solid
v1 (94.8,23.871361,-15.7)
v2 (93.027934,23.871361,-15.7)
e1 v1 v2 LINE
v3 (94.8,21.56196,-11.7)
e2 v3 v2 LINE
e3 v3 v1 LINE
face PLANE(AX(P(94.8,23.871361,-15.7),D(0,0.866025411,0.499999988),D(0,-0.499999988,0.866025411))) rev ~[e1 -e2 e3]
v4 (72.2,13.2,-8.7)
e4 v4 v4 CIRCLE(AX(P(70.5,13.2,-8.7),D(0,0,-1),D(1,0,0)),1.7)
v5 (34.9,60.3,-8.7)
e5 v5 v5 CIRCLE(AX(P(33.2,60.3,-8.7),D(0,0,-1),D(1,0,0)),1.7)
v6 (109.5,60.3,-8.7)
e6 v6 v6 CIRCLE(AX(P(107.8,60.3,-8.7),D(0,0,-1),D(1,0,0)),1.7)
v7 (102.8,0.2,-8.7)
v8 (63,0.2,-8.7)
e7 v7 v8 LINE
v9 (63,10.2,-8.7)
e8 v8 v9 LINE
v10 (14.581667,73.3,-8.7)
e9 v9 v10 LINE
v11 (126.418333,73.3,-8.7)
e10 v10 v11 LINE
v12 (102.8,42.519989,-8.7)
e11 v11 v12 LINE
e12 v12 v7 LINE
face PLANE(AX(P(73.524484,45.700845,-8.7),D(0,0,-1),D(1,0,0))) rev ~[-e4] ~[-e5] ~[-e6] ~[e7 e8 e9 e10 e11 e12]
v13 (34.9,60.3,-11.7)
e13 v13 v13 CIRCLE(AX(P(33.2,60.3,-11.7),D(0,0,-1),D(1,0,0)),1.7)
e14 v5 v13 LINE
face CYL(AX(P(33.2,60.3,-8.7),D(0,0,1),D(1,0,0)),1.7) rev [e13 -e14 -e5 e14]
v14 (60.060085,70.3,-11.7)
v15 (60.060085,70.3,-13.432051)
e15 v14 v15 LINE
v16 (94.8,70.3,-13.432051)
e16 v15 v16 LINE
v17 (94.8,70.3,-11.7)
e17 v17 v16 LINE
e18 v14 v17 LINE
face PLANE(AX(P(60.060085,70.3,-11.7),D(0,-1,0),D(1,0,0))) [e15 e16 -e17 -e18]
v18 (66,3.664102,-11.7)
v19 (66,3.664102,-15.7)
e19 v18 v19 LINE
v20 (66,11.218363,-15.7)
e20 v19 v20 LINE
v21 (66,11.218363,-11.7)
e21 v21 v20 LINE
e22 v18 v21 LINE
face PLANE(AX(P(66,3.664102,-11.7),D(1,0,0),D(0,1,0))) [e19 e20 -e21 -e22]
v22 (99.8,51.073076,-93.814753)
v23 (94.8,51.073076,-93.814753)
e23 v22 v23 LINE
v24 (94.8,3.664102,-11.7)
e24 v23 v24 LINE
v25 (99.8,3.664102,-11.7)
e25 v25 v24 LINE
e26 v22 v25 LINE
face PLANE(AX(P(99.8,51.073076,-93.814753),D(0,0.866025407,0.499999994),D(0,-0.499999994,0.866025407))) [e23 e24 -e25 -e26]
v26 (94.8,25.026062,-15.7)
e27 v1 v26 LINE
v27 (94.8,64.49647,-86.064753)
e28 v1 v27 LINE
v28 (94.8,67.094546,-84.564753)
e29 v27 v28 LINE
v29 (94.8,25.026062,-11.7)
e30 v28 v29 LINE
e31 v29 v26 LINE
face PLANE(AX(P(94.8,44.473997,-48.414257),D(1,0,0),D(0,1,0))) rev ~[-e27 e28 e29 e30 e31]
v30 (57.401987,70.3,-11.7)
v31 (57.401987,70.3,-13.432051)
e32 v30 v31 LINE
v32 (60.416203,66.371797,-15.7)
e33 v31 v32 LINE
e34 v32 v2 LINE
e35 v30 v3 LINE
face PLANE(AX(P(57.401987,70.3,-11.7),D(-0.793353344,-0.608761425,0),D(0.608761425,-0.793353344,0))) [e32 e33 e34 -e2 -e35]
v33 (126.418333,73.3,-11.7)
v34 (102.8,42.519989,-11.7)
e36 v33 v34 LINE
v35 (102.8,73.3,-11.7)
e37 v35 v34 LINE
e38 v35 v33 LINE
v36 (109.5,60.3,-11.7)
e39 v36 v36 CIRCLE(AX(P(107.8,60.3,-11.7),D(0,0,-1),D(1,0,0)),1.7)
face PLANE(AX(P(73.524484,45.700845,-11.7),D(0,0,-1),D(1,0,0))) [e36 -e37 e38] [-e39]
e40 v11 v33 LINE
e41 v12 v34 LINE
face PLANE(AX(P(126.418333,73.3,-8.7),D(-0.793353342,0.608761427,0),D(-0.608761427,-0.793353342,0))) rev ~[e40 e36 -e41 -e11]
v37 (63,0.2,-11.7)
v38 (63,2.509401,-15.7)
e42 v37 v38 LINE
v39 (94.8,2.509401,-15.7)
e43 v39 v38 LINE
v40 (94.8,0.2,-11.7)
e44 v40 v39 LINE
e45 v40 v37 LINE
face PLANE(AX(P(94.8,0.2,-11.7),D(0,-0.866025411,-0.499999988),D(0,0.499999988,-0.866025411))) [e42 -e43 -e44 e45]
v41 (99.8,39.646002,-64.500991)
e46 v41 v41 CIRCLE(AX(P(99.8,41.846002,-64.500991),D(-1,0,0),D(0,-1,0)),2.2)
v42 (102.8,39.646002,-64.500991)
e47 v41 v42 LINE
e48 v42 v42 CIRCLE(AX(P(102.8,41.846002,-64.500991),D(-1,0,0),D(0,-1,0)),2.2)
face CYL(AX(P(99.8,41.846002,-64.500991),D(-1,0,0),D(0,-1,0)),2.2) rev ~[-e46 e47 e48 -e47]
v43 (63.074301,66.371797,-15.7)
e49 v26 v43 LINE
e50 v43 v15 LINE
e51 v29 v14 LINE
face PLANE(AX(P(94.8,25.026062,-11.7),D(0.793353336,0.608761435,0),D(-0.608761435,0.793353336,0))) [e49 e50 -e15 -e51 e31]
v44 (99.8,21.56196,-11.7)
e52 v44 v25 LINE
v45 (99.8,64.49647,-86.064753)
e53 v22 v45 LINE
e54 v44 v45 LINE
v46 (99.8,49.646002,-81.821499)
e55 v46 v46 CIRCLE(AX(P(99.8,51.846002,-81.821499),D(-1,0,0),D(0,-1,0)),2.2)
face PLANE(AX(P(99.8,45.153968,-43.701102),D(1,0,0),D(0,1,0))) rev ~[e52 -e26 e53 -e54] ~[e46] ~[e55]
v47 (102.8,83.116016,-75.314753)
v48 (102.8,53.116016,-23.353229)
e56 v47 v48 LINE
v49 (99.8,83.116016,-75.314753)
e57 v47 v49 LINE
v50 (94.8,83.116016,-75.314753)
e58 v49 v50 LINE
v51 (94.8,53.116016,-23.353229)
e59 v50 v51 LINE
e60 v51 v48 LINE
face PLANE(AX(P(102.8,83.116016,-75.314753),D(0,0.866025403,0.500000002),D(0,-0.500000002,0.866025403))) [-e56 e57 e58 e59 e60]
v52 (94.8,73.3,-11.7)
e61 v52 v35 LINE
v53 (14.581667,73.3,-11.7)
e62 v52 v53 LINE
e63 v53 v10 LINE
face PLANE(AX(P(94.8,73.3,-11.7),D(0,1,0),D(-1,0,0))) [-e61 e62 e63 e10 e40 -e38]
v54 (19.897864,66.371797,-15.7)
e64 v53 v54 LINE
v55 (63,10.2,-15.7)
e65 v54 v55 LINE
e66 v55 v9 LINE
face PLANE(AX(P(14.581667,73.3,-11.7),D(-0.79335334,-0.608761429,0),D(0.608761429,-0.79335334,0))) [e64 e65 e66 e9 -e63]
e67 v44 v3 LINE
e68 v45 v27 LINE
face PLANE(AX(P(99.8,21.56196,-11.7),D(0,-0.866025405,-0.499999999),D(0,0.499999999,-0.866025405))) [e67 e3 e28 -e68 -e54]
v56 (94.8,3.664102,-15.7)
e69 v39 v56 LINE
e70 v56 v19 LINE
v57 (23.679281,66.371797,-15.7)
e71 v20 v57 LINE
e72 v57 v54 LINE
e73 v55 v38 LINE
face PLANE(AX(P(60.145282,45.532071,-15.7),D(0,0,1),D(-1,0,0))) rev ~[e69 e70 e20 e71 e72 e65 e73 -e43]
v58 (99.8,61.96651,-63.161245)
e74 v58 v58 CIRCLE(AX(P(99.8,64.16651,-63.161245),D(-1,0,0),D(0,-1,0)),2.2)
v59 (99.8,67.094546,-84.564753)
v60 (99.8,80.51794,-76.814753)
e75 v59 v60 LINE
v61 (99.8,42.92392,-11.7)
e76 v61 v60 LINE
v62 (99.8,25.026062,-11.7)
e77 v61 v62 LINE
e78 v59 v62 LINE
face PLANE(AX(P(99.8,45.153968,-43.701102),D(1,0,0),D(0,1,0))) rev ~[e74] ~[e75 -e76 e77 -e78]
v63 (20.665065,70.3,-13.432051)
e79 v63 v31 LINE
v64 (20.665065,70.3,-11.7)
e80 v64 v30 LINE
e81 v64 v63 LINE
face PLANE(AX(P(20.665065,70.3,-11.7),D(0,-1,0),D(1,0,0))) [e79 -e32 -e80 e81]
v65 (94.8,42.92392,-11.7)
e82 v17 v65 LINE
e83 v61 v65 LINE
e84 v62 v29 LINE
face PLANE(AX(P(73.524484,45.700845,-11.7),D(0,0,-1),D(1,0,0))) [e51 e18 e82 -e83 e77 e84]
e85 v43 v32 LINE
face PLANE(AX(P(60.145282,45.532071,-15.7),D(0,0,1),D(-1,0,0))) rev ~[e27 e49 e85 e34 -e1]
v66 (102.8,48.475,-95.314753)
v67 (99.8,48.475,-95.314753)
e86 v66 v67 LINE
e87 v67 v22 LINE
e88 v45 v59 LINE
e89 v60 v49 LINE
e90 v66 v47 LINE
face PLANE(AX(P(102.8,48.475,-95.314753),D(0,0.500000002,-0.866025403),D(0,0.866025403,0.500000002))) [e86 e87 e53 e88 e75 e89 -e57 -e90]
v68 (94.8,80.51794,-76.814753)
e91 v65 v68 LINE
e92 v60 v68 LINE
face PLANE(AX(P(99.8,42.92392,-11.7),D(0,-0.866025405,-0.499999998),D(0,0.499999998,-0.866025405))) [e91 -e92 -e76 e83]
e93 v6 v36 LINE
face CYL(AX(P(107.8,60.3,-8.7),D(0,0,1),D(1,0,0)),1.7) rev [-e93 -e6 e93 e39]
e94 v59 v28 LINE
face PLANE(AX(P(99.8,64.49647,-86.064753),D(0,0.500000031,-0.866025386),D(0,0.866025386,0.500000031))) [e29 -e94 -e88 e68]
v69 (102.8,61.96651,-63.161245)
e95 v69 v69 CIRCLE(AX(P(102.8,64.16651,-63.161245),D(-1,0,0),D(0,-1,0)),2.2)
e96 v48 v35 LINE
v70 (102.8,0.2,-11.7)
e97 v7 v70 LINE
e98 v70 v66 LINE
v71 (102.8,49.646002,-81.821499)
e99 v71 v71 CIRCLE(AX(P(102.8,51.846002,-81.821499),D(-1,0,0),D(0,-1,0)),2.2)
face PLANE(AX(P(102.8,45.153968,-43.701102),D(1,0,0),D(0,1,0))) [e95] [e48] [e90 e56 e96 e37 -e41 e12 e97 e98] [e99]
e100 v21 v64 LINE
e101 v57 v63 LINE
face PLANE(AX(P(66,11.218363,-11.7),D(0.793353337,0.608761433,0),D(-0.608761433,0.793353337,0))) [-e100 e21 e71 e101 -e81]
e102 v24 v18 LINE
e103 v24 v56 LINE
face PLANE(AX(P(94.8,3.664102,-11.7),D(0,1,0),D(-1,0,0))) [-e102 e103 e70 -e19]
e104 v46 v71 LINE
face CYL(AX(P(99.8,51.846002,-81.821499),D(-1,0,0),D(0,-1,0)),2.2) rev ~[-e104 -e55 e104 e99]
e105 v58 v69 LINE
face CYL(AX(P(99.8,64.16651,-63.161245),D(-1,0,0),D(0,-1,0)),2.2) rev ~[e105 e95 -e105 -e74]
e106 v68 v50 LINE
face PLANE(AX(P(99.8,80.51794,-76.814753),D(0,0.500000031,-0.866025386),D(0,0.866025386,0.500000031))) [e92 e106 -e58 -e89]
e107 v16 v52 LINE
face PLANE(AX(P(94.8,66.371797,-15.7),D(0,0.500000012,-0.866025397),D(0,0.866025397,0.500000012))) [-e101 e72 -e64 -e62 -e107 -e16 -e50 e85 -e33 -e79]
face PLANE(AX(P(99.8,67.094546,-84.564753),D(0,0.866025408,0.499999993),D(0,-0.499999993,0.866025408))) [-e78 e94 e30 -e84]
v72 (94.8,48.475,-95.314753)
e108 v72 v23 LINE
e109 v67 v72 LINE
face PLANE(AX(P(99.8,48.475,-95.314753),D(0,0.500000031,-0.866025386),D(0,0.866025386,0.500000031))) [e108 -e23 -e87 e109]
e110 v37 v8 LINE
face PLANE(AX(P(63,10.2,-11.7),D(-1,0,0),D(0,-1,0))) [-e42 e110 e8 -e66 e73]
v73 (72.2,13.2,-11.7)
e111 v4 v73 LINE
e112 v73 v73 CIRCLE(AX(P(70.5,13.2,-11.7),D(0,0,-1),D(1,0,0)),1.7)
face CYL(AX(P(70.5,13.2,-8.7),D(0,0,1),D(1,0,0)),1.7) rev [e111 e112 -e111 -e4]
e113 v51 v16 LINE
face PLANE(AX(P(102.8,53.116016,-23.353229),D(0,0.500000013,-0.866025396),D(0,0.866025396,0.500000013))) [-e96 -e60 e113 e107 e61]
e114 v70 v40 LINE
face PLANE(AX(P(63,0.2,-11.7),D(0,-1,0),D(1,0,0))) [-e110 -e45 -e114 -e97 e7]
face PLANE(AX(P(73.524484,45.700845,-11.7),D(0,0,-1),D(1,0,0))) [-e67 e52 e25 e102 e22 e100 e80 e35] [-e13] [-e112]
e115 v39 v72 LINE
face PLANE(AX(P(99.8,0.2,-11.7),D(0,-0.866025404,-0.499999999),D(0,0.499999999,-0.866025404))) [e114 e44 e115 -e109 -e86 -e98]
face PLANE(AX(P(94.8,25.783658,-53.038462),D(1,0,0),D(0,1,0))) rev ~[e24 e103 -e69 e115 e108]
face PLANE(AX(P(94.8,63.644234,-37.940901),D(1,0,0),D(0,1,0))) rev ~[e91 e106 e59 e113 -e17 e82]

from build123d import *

# Parameters (mm, degrees)
SKETCH040_R     = 1.7
PAD021_DEPTH    = 3
PAD022_DEPTH    = 3
SKETCH041_R     = 2.2
POCKET013_DEPTH = 26.619333
PAD020_DEPTH    = 5
PAD023_DEPTH    = 4
POCKET015_DEPTH = 31.8
POCKET014_DEPTH = 80.219333


with BuildPart() as part:
    # Sketch040 (on Face4 of Binder004) → Pad021 (new body)
    with BuildSketch(Plane(origin=(0, 0, -8.7), x_dir=(1, 0, 0), z_dir=(0, 0, -1))):
        Polygon((63, -0.2), (63, -10.2), (14.581667, -73.3), (126.418333, -73.3), (102.8, -42.519989), (102.8, -0.2), align=None)
        with Locations((70.5, -13.2)):
            Circle(SKETCH040_R, mode=Mode.SUBTRACT)
        with Locations((107.8, -60.3)):
            Circle(SKETCH040_R, mode=Mode.SUBTRACT)
        with Locations((33.2, -60.3)):
            Circle(SKETCH040_R, mode=Mode.SUBTRACT)
    extrude(amount=PAD021_DEPTH)

    # Sketch042 (on Face6 of Pad021) → Pad022 (join)
    with BuildSketch(Plane.YZ.offset(102.8)):
        Polygon((0.2, -11.7), (48.475, -95.314753), (83.116016, -75.314753), (53.116016, -23.353229), (73.3, -11.7), align=None)
    extrude(amount=-PAD022_DEPTH)

    # Sketch041 (on Face14 of Pad022) → Pocket013 (cut, through all)
    with BuildSketch(Plane(origin=(99.8, 0, 0), x_dir=(0, -1, 0), z_dir=(-1, 0, 0))):
        with Locations((-51.846002, -81.821499)):
            Circle(SKETCH041_R)
        with Locations((-41.846002, -64.500991)):
            Circle(SKETCH041_R)
        with Locations((-64.16651, -63.161245)):
            Circle(SKETCH041_R)
    extrude(amount=-POCKET013_DEPTH, mode=Mode.SUBTRACT)

    # Sketch043 (on Face14 of Pocket013) → Pad020 (join)
    with BuildSketch(Plane(origin=(99.8, 0, 0), x_dir=(0, -1, 0), z_dir=(-1, 0, 0))):
        Polygon((-0.2, -11.7), (-48.475, -95.314753), (-51.073076, -93.814753), (-3.664102, -11.7), align=None)
        Polygon((-42.92392, -11.7), (-80.51794, -76.814753), (-83.116016, -75.314753), (-53.116016, -23.353229), (-73.3, -11.7), align=None)
        Polygon((-21.56196, -11.7), (-64.49647, -86.064753), (-67.094546, -84.564753), (-25.026062, -11.7), align=None)
    extrude(amount=PAD020_DEPTH)

    # Sketch038 (on Face5 of Pad020) → Pad023 (join)
    with BuildSketch(Plane(origin=(0, 0, -11.7), x_dir=(1, 0, 0), z_dir=(0, 0, -1))):
        Polygon((94.8, -3.664102), (66, -3.664102), (66, -11.218363), (20.665065, -70.3), (57.401987, -70.3), (94.8, -21.56196), (94.8, -25.026062), (60.060085, -70.3), (94.8, -70.3), (94.8, -73.3), (14.581667, -73.3), (63, -10.2), (63, -0.2), (94.8, -0.2), align=None)
    extrude(amount=PAD023_DEPTH)

    # Sketch044 (on Face16 of Pad023) → Pocket015 (cut)
    with BuildSketch(Plane.YZ.offset(94.8)):
        Polygon((2.509401, -15.7), (0.2, -15.7), (0.2, -11.7), align=None)
        Polygon((23.871361, -15.7), (21.56196, -11.7), (21.56196, -15.7), align=None)
    extrude(amount=-POCKET015_DEPTH, mode=Mode.SUBTRACT)

    # Sketch039 (on Face30 of Pocket015) → Pocket014 (cut, through all)
    with BuildSketch(Plane.YZ.offset(94.8)):
        Polygon((73.3, -11.7), (73.3, -15.7), (66.371797, -15.7), align=None)
    extrude(amount=-POCKET014_DEPTH, mode=Mode.SUBTRACT)


solid = part.part
